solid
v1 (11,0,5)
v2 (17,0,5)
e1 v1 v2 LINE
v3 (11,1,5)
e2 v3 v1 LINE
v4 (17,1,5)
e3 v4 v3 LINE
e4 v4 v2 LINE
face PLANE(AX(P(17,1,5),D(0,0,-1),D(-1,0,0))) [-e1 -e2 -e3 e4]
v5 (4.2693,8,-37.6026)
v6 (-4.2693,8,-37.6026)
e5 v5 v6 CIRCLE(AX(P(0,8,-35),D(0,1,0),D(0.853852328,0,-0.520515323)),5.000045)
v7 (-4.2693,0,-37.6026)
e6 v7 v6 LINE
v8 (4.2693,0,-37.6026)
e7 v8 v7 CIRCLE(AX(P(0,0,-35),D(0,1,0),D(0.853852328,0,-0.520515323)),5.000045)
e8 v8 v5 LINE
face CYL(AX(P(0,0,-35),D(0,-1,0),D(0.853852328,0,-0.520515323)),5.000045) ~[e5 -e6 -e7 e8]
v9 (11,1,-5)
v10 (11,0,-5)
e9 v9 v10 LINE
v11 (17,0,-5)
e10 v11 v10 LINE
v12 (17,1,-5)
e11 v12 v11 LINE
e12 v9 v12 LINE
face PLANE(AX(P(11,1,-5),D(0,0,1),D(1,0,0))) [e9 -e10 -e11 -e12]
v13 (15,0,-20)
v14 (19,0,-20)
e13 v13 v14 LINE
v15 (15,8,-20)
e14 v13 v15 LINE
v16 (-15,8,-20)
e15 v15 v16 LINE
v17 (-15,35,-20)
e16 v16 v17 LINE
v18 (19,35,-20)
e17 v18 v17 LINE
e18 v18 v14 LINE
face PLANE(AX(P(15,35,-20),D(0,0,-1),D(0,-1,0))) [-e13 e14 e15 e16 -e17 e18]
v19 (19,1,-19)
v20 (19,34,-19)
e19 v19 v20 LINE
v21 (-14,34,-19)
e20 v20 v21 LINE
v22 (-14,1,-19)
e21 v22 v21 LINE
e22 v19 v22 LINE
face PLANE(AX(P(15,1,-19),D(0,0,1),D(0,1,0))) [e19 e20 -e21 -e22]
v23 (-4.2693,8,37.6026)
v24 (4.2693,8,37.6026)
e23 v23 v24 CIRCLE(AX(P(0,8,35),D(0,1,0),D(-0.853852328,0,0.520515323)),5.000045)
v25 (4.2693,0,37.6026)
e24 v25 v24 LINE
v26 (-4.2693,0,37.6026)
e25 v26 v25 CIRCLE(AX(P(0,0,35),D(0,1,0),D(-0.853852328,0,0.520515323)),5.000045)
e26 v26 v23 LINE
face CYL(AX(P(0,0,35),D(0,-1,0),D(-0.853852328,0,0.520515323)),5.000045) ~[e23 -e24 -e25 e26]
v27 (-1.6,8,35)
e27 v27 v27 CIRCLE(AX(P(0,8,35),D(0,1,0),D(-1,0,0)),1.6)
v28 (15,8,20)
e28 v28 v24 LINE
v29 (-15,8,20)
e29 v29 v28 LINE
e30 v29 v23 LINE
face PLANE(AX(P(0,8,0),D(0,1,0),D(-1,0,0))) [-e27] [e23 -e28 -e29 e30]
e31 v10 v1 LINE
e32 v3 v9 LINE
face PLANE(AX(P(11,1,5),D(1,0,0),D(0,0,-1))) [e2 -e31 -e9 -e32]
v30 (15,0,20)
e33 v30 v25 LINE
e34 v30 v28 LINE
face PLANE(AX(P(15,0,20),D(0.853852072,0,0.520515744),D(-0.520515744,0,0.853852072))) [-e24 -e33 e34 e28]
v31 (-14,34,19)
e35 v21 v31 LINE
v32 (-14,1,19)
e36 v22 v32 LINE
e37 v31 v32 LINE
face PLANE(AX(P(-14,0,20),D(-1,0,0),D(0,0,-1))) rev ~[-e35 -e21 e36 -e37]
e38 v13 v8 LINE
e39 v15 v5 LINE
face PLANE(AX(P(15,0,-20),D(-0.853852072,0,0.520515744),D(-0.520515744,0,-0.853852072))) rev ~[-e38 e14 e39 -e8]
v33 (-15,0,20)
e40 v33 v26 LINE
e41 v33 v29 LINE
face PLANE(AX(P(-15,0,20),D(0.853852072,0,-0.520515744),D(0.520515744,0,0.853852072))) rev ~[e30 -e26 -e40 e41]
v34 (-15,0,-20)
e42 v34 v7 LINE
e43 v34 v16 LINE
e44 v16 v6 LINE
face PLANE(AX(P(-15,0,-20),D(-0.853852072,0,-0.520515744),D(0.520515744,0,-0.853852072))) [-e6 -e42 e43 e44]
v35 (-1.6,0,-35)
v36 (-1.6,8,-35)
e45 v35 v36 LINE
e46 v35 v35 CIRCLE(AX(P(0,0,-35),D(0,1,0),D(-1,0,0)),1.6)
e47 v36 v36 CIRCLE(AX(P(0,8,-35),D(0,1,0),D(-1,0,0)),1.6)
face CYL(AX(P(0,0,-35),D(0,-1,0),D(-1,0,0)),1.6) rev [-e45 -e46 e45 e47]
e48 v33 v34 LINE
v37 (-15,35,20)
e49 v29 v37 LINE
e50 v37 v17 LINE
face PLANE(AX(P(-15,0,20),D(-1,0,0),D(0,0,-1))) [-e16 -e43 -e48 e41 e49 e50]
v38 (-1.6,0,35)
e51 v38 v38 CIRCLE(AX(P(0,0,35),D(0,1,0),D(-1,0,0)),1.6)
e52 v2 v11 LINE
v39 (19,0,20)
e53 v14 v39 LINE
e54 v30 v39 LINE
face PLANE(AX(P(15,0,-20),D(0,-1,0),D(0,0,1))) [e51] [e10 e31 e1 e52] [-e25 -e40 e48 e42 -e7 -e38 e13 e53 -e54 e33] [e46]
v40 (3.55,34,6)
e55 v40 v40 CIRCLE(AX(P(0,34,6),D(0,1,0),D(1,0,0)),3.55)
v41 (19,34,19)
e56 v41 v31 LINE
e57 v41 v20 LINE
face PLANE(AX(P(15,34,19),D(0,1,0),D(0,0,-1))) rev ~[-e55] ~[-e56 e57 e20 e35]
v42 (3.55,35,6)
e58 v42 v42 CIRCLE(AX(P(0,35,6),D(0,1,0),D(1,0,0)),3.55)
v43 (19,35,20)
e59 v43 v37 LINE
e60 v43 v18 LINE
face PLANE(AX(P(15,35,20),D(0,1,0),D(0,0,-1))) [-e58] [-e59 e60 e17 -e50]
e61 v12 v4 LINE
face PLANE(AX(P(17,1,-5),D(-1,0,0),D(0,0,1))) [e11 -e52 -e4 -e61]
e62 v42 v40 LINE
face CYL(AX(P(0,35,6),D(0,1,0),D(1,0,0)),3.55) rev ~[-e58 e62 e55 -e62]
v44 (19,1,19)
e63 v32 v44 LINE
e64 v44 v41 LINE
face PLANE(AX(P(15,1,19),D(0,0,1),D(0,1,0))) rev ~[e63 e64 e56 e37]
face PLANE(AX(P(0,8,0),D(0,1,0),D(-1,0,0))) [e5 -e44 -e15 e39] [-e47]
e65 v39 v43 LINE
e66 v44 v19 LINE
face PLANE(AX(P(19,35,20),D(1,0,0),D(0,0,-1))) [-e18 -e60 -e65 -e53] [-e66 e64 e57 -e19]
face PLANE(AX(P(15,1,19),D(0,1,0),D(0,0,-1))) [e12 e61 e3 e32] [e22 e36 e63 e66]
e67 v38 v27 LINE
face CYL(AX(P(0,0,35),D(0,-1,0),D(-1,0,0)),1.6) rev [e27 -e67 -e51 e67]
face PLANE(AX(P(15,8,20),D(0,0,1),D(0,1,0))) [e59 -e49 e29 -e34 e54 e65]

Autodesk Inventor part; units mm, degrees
ref_plane "YZ Plane" through (0, 0, 0) normal (1, 0, 0) x (0, 1, 0)
ref_plane "XZ Plane" through (0, 0, 0) normal (0, 1, 0) x (-1, 0, 0)
ref_plane "XY Plane" through (0, 0, 0) normal (0, 0, 1) x (1, 0, 0)
sketch "Sketch1" plane through (0, 0, 0) normal (0, 1, 0) x (-1, 0, 0)
  line L0 (-15, 20) -> (15, 20)
  line L1 (15, 20) -> (15, -20)
  line L2 (15, -20) -> (-15, -20)
  line L3 (-15, -20) -> (-15, 20)
  line L4 (-15, 20) -> (15, -20) construction
  line L5 (15, 20) -> (-15, -20) construction
  line L6 (0, 31.25) -> (0, -31.25)
  point P0 (0, 0)
  dimension "d0" = 30
  dimension "d1" = 40
  dimension "d2" = 62.5
  dimension "d3" = 18.75
extrude "Extrusion1" add sketch "Sketch1" along normal blind 35
shell "Shell1" thickness 1 removed faces 1 at (15, 11.6667, 6.6667)
sketch "Sketch3" plane through (0, 35, 0) normal (0, 1, 0) x (1, 0, 0)
  point P0 (0, 0)
sketch "Sketch4" plane through (0, 0, 0) normal (0, 1, 0) x (-1, 0, 0)
  arc A0 (-4.2693, -37.6026) -> (4.2693, -37.6026) centre (0, -35) ccw
  line L0 (-15, -20) -> (15, -20) projected
  line L1 (28.6058, 0) -> (-27.8274, 0)
  line L2 (15, -20) -> (15, 20) projected
  arc A1 (4.2693, 37.6026) -> (-4.2693, 37.6026) centre (0, 35) ccw
  line L3 (15, -20) -> (4.2693, -37.6026)
  line L4 (-15, -20) -> (-4.2693, -37.6026)
  line L5 (15, 20) -> (-15, 20) projected
  line L6 (-15, 20) -> (-4.2693, 37.6026)
  line L7 (15, 20) -> (4.2693, 37.6026)
  circle A2 centre (0, -35) radius 1.6
  circle A3 centre (0, 35) radius 1.6
  point P0 (0, 0)
  point P1 (0, -20)
  point P2 (0.3892, 0)
  point P3 (15, 0)
  dimension "d7" = 10
  dimension "d8" = 15
  dimension "d9" = 3.2
  dimension "d10" = 3.2
extrude "Extrusion2" add sketch "Sketch4" along normal blind 8
sketch "Sketch5" plane through (0, 35, 0) normal (0, 1, 0) x (1, 0, 0)
  circle A0 centre (0, -6) radius 3.55
  point P0 (0, 0)
  dimension "d15" = 7.1
  dimension "d16" = 6
extrude "Extrusion3" cut sketch "Sketch5" against normal blind 10
sketch "Sketch6" plane through (15, 0, 20) normal (1, 0, 0) x (0, 0, -1)
  point P0 (20, 0)
sketch "Sketch7" plane through (15, 35, 20) normal (1, 0, 0) x (0, 0, -1)
  line L0 (0, -27) -> (0, 0) projected
  line L1 (40, -35) -> (0, -35)
  line L2 (0, -35) -> (0, 0)
  line L3 (0, 0) -> (40, 0)
  line L4 (40, 0) -> (40, -35)
  line L5 (40, -35) -> (0, 0) construction
  line L6 (0, -35) -> (40, 0) construction
  line L7 (1, -34) -> (1, -1) projected
  line L8 (0, 0) -> (40, 0) projected
  line L9 (1, -1) -> (39, -1) projected
  line L10 (1, -34) -> (39, -34)
  line L11 (39, -34) -> (39, -1)
  line L12 (39, -1) -> (1, -1)
  line L13 (1, -1) -> (1, -34)
  line L14 (1, -34) -> (39, -1) construction
  line L15 (39, -34) -> (1, -1) construction
  point P0 (20, -35)
  point P1 (0, -25)
  point P2 (20, -17.5)
  point P3 (20, 0)
  point P4 (1, -17.5)
  point P5 (0, -17.5)
  point P6 (20, -35)
  point P7 (20, 0)
  point P8 (0, -25)
extrude "Extrusion4" add sketch "Sketch7" along normal blind 4
sketch "Sketch9" plane through (-14, 1, 19) normal (0, 1, 0) x (1, 0, 0)
  line L0 (25, 24) -> (31, 24)
  line L1 (31, 24) -> (31, 14)
  line L2 (31, 14) -> (25, 14)
  line L3 (25, 14) -> (25, 24)
  line L4 (25, 24) -> (31, 14) construction
  line L5 (31, 24) -> (25, 14) construction
  line L6 (33, 38) -> (33, 0) projected
  point P0 (14, 19)
  point P1 (28, 19)
  point P2 (33, 19)
  point P3 (33, 19)
  dimension "d25" = 6
  dimension "d26" = 10
  dimension "d27" = 5
extrude "Extrusion6" cut sketch "Sketch9" against normal through all
properties part number "SERVO BASE HOUSING_3DPrint"
